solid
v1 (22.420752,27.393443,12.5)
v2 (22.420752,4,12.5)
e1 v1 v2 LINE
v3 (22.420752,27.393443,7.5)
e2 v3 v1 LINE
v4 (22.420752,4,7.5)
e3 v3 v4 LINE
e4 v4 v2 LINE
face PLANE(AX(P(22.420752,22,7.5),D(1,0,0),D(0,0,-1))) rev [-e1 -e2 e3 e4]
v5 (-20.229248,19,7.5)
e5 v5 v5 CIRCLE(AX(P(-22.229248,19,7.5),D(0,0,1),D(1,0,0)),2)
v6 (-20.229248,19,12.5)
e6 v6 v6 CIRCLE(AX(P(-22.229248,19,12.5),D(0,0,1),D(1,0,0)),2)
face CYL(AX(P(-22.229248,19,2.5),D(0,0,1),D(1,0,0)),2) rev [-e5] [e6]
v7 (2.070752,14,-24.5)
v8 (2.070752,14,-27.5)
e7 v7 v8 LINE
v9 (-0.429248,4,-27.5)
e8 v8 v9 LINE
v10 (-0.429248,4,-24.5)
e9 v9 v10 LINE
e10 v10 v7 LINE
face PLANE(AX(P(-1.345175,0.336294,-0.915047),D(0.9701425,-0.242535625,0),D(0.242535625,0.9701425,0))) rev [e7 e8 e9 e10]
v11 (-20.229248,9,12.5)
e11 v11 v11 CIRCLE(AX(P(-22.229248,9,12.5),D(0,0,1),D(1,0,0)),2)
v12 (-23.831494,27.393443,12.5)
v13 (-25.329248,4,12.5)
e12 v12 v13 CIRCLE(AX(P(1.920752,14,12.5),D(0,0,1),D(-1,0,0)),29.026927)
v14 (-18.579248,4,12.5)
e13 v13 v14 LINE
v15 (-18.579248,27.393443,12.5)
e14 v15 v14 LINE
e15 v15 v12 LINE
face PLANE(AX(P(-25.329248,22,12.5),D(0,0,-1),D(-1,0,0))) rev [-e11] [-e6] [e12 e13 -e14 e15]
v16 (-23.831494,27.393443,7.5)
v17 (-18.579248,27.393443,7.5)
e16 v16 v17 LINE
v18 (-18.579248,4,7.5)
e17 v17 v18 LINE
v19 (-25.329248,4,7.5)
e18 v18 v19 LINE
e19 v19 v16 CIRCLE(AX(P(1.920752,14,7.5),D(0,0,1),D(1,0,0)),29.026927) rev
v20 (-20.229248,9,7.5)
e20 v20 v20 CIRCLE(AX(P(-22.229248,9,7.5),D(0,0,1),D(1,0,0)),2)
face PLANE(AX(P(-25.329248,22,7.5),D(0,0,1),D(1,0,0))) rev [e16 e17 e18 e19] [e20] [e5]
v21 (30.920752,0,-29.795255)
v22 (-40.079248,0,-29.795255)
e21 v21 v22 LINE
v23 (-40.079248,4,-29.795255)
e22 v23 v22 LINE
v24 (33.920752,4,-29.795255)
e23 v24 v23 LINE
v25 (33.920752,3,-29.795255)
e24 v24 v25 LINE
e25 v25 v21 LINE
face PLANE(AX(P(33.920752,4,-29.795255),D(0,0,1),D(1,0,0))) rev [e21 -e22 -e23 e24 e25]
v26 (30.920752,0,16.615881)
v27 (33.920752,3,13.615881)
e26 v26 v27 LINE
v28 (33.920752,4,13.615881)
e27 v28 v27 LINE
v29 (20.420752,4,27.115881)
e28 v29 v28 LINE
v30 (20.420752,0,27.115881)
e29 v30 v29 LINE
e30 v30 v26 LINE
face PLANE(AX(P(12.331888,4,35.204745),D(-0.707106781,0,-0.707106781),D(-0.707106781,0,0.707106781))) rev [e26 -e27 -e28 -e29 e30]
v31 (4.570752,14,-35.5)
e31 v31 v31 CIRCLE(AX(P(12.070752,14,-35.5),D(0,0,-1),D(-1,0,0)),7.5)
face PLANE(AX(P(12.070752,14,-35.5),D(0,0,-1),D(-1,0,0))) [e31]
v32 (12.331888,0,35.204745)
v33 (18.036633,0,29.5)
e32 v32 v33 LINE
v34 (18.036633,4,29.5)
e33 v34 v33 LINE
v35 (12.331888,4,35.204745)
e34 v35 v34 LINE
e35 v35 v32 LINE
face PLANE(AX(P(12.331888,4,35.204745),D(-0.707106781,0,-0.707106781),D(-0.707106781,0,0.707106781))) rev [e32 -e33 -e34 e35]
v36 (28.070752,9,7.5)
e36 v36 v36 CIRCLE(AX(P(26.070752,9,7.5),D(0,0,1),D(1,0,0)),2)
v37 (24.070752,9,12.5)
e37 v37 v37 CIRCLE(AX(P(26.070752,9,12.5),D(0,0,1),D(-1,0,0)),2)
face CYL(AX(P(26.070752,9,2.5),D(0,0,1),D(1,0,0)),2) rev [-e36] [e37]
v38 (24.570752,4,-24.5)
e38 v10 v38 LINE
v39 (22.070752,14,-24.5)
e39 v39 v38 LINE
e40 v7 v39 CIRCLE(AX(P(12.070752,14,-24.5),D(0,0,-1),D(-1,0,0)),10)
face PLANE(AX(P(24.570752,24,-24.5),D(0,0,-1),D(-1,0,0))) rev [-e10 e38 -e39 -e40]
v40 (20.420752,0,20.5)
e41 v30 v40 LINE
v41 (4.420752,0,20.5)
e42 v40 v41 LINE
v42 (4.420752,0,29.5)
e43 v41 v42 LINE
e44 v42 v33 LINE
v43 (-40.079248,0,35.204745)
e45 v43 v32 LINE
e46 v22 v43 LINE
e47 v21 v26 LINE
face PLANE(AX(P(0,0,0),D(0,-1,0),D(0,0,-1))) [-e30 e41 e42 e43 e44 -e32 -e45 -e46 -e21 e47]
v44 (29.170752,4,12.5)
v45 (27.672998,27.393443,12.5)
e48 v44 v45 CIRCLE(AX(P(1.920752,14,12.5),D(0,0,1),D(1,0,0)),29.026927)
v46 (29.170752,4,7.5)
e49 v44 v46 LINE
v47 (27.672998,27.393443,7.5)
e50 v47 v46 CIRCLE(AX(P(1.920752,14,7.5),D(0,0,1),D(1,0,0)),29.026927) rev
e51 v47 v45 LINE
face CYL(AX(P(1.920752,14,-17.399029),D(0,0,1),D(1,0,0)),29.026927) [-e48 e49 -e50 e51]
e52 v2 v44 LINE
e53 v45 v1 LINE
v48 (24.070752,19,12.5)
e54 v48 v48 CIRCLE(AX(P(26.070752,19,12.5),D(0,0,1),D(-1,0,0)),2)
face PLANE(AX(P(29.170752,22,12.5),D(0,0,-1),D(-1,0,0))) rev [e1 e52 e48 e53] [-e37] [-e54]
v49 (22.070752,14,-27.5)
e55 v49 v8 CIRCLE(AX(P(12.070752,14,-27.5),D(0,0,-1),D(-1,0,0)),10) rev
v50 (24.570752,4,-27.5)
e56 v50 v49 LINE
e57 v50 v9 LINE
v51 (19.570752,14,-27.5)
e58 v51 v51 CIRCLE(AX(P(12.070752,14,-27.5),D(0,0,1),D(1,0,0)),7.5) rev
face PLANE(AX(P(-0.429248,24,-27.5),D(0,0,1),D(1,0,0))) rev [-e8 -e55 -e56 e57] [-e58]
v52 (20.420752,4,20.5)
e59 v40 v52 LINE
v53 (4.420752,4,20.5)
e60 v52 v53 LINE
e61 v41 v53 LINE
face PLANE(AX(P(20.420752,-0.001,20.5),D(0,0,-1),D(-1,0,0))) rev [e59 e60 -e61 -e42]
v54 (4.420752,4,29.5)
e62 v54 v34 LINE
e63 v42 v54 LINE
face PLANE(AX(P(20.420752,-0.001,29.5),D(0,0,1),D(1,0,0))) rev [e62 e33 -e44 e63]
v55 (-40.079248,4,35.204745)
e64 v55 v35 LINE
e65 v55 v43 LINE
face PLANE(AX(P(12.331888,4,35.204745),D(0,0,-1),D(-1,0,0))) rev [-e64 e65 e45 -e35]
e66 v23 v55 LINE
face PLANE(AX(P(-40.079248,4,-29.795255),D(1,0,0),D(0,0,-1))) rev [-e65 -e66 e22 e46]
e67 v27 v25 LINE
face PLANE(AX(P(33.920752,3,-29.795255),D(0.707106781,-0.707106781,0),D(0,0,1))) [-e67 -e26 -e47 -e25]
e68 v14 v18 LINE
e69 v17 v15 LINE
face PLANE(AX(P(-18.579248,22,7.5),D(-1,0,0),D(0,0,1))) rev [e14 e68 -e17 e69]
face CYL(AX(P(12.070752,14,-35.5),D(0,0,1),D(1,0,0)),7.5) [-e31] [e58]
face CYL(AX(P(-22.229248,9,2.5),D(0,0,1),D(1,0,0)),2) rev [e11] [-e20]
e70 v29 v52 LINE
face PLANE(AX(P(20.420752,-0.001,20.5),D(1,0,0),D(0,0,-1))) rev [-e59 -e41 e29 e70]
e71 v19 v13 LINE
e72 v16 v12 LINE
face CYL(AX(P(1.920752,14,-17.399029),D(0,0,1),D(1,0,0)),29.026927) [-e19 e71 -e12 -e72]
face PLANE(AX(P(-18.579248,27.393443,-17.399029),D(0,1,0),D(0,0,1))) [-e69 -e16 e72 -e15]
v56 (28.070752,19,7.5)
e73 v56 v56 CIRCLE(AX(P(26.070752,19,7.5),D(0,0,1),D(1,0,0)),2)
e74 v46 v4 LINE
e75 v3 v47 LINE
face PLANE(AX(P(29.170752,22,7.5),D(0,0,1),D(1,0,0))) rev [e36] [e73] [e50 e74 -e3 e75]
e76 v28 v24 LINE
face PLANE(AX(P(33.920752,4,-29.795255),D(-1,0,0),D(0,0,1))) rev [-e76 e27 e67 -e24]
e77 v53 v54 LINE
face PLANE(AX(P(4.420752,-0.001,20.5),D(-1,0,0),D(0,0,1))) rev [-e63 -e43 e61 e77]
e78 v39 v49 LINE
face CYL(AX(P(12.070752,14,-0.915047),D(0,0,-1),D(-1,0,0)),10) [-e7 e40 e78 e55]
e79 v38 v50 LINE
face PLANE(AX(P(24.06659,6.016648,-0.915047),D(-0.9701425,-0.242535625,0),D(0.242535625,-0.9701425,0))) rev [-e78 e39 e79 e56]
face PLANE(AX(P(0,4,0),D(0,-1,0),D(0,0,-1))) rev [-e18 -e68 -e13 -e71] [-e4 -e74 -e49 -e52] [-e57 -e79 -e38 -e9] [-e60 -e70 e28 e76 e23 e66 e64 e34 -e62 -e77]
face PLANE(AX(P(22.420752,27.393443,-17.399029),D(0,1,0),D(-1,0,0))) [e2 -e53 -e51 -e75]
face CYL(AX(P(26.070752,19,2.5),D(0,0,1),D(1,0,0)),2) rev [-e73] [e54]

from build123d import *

# Parameters (mm, degrees)
SALIENTE_EXTRUIR1_DEPTH = 4
CROQUIS2_W              = 6.75
CROQUIS2_H              = 5
SALIENTE_EXTRUIR2_DEPTH = 18
CROQUIS3_R              = 2
CORTAR_EXTRUIR1_DEPTH   = 10
SALIENTE_EXTRUIR3_DEPTH = 5
CROQUIS6_W              = 25
CROQUIS6_H              = 3
SALIENTE_EXTRUIR4_DEPTH = 20
CROQUIS7_R              = 7.5
SALIENTE_EXTRUIR5_DEPTH = 8
CORTAR_EXTRUIR2_DEPTH   = 3
CORTAR_EXTRUIR3_REACH   = 6
CROQUIS9_W              = 16
CROQUIS9_H              = 9
CHAFL_N1_SIZE           = 3


with BuildPart() as part:
    # Croquis1 → Saliente-Extruir1 (new body)
    with BuildSketch(Plane(origin=(0, 0, 0), x_dir=(1, 0, 0), z_dir=(0, 1, 0))):
        Polygon((12.331887662, -35.204744953), (33.9207519, -13.615880715), (33.9207519, 29.795255047), (-40.0792481, 29.795255047), (-40.0792481, -35.204744953), align=None)
    extrude(amount=SALIENTE_EXTRUIR1_DEPTH)

    # Croquis2 → Saliente-Extruir2 (add)
    with BuildSketch(Plane(origin=(0, 4, 0), x_dir=(1, 0, 0), z_dir=(0, 1, 0))):
        with Locations((-21.9542481, -10)):
            Rectangle(CROQUIS2_W, CROQUIS2_H)
        with Locations((25.7957519, -10)):
            Rectangle(CROQUIS2_W, CROQUIS2_H)
    extrude(amount=SALIENTE_EXTRUIR2_DEPTH)

    # Croquis3 → Cortar-Extruir1 (cut)
    with BuildSketch(Plane.XY.offset(12.5)):
        with Locations((-22.2292481, 9)):
            Circle(CROQUIS3_R)
        with Locations((-22.2292481, 19)):
            Circle(CROQUIS3_R)
        with Locations((26.0707519, 19)):
            Circle(CROQUIS3_R)
        with Locations((26.0707519, 9)):
            Circle(CROQUIS3_R)
    extrude(amount=-CORTAR_EXTRUIR1_DEPTH, mode=Mode.SUBTRACT)

    # Croquis5 → Saliente-Extruir3 (add)
    with BuildSketch(Plane.XY.offset(12.5)):
        with BuildLine():
            Line((-25.3292481, 4), (-25.3292481, 22))
            Line((-25.3292481, 22), (-18.5792481, 22))
            Line((-18.5792481, 22), (-18.5792481, 27.393443103))
            Line((-18.5792481, 27.393443103), (-23.831494252, 27.393443103))
            ThreePointArc((-23.831494252, 27.393443103), (-27.046864835, 15.854637612), (-25.3292481, 4))
        make_face()
        with BuildLine():
            Line((29.1707519, 4), (29.1707519, 22))
            Line((29.1707519, 22), (22.4207519, 22))
            Line((22.4207519, 22), (22.4207519, 27.393443103))
            Line((22.4207519, 27.393443103), (27.672998052, 27.393443103))
            ThreePointArc((27.672998052, 27.393443103), (30.888368635, 15.854637612), (29.1707519, 4))
        make_face()
    extrude(amount=-SALIENTE_EXTRUIR3_DEPTH)

    # Croquis6 → Saliente-Extruir4 (add)
    with BuildSketch(Plane(origin=(0, 4, 0), x_dir=(1, 0, 0), z_dir=(0, 1, 0))):
        with Locations((12.0707519, 26)):
            Rectangle(CROQUIS6_W, CROQUIS6_H)
    extrude(amount=SALIENTE_EXTRUIR4_DEPTH)

    # Croquis7 → Saliente-Extruir5 (add)
    with BuildSketch(Plane(origin=(0, 0, -27.5), x_dir=(-1, 0, 0), z_dir=(0, 0, -1))):
        with Locations((-12.0707519, 14)):
            Circle(CROQUIS7_R)
    extrude(amount=SALIENTE_EXTRUIR5_DEPTH)

    # Croquis8 → Cortar-Extruir2 (cut)
    with BuildSketch(Plane(origin=(0, 0, -27.5), x_dir=(-1, 0, 0), z_dir=(0, 0, -1))):
        with BuildLine():
            Line((-24.5707519, 24), (-24.5707519, 4))
            Line((-24.5707519, 4), (-22.0707519, 14))
            ThreePointArc((-22.0707519, 14), (-19.141819712, 21.071067812), (-12.0707519, 24))
            Line((-12.0707519, 24), (-24.5707519, 24))
        make_face()
        with BuildLine():
            Line((0.4292481, 24), (-12.0707519, 24))
            ThreePointArc((-12.0707519, 24), (-4.999684088, 21.071067812), (-2.0707519, 14))
            Line((-2.0707519, 14), (0.4292481, 4))
            Line((0.4292481, 4), (0.4292481, 24))
        make_face()
    extrude(amount=-CORTAR_EXTRUIR2_DEPTH, mode=Mode.SUBTRACT)

    # Croquis9 → Cortar-Extruir3 (cut, up to next)
    with BuildSketch(Plane(origin=(0, 4, 0), x_dir=(1, 0, 0), z_dir=(0, 1, 0)), mode=Mode.PRIVATE) as cortar_extruir3_sk1:
        with Locations((12.4207519, -25)):
            Rectangle(CROQUIS9_W, CROQUIS9_H)
    cortar_extruir3_tool1 = extrude(cortar_extruir3_sk1.sketch, amount=-CORTAR_EXTRUIR3_REACH, mode=Mode.PRIVATE) & part.part
    add(cortar_extruir3_tool1.solids().sort_by_distance((12.420752, 4, 25))[0], mode=Mode.SUBTRACT)

    # Chaflán1
    chafl_n1_edges = [part.edges().sort_by_distance(p)[0] for p in [
        (33.9207519, 0, -8.089687166),
    ]]
    chamfer(chafl_n1_edges, length=CHAFL_N1_SIZE)


solid = part.part
